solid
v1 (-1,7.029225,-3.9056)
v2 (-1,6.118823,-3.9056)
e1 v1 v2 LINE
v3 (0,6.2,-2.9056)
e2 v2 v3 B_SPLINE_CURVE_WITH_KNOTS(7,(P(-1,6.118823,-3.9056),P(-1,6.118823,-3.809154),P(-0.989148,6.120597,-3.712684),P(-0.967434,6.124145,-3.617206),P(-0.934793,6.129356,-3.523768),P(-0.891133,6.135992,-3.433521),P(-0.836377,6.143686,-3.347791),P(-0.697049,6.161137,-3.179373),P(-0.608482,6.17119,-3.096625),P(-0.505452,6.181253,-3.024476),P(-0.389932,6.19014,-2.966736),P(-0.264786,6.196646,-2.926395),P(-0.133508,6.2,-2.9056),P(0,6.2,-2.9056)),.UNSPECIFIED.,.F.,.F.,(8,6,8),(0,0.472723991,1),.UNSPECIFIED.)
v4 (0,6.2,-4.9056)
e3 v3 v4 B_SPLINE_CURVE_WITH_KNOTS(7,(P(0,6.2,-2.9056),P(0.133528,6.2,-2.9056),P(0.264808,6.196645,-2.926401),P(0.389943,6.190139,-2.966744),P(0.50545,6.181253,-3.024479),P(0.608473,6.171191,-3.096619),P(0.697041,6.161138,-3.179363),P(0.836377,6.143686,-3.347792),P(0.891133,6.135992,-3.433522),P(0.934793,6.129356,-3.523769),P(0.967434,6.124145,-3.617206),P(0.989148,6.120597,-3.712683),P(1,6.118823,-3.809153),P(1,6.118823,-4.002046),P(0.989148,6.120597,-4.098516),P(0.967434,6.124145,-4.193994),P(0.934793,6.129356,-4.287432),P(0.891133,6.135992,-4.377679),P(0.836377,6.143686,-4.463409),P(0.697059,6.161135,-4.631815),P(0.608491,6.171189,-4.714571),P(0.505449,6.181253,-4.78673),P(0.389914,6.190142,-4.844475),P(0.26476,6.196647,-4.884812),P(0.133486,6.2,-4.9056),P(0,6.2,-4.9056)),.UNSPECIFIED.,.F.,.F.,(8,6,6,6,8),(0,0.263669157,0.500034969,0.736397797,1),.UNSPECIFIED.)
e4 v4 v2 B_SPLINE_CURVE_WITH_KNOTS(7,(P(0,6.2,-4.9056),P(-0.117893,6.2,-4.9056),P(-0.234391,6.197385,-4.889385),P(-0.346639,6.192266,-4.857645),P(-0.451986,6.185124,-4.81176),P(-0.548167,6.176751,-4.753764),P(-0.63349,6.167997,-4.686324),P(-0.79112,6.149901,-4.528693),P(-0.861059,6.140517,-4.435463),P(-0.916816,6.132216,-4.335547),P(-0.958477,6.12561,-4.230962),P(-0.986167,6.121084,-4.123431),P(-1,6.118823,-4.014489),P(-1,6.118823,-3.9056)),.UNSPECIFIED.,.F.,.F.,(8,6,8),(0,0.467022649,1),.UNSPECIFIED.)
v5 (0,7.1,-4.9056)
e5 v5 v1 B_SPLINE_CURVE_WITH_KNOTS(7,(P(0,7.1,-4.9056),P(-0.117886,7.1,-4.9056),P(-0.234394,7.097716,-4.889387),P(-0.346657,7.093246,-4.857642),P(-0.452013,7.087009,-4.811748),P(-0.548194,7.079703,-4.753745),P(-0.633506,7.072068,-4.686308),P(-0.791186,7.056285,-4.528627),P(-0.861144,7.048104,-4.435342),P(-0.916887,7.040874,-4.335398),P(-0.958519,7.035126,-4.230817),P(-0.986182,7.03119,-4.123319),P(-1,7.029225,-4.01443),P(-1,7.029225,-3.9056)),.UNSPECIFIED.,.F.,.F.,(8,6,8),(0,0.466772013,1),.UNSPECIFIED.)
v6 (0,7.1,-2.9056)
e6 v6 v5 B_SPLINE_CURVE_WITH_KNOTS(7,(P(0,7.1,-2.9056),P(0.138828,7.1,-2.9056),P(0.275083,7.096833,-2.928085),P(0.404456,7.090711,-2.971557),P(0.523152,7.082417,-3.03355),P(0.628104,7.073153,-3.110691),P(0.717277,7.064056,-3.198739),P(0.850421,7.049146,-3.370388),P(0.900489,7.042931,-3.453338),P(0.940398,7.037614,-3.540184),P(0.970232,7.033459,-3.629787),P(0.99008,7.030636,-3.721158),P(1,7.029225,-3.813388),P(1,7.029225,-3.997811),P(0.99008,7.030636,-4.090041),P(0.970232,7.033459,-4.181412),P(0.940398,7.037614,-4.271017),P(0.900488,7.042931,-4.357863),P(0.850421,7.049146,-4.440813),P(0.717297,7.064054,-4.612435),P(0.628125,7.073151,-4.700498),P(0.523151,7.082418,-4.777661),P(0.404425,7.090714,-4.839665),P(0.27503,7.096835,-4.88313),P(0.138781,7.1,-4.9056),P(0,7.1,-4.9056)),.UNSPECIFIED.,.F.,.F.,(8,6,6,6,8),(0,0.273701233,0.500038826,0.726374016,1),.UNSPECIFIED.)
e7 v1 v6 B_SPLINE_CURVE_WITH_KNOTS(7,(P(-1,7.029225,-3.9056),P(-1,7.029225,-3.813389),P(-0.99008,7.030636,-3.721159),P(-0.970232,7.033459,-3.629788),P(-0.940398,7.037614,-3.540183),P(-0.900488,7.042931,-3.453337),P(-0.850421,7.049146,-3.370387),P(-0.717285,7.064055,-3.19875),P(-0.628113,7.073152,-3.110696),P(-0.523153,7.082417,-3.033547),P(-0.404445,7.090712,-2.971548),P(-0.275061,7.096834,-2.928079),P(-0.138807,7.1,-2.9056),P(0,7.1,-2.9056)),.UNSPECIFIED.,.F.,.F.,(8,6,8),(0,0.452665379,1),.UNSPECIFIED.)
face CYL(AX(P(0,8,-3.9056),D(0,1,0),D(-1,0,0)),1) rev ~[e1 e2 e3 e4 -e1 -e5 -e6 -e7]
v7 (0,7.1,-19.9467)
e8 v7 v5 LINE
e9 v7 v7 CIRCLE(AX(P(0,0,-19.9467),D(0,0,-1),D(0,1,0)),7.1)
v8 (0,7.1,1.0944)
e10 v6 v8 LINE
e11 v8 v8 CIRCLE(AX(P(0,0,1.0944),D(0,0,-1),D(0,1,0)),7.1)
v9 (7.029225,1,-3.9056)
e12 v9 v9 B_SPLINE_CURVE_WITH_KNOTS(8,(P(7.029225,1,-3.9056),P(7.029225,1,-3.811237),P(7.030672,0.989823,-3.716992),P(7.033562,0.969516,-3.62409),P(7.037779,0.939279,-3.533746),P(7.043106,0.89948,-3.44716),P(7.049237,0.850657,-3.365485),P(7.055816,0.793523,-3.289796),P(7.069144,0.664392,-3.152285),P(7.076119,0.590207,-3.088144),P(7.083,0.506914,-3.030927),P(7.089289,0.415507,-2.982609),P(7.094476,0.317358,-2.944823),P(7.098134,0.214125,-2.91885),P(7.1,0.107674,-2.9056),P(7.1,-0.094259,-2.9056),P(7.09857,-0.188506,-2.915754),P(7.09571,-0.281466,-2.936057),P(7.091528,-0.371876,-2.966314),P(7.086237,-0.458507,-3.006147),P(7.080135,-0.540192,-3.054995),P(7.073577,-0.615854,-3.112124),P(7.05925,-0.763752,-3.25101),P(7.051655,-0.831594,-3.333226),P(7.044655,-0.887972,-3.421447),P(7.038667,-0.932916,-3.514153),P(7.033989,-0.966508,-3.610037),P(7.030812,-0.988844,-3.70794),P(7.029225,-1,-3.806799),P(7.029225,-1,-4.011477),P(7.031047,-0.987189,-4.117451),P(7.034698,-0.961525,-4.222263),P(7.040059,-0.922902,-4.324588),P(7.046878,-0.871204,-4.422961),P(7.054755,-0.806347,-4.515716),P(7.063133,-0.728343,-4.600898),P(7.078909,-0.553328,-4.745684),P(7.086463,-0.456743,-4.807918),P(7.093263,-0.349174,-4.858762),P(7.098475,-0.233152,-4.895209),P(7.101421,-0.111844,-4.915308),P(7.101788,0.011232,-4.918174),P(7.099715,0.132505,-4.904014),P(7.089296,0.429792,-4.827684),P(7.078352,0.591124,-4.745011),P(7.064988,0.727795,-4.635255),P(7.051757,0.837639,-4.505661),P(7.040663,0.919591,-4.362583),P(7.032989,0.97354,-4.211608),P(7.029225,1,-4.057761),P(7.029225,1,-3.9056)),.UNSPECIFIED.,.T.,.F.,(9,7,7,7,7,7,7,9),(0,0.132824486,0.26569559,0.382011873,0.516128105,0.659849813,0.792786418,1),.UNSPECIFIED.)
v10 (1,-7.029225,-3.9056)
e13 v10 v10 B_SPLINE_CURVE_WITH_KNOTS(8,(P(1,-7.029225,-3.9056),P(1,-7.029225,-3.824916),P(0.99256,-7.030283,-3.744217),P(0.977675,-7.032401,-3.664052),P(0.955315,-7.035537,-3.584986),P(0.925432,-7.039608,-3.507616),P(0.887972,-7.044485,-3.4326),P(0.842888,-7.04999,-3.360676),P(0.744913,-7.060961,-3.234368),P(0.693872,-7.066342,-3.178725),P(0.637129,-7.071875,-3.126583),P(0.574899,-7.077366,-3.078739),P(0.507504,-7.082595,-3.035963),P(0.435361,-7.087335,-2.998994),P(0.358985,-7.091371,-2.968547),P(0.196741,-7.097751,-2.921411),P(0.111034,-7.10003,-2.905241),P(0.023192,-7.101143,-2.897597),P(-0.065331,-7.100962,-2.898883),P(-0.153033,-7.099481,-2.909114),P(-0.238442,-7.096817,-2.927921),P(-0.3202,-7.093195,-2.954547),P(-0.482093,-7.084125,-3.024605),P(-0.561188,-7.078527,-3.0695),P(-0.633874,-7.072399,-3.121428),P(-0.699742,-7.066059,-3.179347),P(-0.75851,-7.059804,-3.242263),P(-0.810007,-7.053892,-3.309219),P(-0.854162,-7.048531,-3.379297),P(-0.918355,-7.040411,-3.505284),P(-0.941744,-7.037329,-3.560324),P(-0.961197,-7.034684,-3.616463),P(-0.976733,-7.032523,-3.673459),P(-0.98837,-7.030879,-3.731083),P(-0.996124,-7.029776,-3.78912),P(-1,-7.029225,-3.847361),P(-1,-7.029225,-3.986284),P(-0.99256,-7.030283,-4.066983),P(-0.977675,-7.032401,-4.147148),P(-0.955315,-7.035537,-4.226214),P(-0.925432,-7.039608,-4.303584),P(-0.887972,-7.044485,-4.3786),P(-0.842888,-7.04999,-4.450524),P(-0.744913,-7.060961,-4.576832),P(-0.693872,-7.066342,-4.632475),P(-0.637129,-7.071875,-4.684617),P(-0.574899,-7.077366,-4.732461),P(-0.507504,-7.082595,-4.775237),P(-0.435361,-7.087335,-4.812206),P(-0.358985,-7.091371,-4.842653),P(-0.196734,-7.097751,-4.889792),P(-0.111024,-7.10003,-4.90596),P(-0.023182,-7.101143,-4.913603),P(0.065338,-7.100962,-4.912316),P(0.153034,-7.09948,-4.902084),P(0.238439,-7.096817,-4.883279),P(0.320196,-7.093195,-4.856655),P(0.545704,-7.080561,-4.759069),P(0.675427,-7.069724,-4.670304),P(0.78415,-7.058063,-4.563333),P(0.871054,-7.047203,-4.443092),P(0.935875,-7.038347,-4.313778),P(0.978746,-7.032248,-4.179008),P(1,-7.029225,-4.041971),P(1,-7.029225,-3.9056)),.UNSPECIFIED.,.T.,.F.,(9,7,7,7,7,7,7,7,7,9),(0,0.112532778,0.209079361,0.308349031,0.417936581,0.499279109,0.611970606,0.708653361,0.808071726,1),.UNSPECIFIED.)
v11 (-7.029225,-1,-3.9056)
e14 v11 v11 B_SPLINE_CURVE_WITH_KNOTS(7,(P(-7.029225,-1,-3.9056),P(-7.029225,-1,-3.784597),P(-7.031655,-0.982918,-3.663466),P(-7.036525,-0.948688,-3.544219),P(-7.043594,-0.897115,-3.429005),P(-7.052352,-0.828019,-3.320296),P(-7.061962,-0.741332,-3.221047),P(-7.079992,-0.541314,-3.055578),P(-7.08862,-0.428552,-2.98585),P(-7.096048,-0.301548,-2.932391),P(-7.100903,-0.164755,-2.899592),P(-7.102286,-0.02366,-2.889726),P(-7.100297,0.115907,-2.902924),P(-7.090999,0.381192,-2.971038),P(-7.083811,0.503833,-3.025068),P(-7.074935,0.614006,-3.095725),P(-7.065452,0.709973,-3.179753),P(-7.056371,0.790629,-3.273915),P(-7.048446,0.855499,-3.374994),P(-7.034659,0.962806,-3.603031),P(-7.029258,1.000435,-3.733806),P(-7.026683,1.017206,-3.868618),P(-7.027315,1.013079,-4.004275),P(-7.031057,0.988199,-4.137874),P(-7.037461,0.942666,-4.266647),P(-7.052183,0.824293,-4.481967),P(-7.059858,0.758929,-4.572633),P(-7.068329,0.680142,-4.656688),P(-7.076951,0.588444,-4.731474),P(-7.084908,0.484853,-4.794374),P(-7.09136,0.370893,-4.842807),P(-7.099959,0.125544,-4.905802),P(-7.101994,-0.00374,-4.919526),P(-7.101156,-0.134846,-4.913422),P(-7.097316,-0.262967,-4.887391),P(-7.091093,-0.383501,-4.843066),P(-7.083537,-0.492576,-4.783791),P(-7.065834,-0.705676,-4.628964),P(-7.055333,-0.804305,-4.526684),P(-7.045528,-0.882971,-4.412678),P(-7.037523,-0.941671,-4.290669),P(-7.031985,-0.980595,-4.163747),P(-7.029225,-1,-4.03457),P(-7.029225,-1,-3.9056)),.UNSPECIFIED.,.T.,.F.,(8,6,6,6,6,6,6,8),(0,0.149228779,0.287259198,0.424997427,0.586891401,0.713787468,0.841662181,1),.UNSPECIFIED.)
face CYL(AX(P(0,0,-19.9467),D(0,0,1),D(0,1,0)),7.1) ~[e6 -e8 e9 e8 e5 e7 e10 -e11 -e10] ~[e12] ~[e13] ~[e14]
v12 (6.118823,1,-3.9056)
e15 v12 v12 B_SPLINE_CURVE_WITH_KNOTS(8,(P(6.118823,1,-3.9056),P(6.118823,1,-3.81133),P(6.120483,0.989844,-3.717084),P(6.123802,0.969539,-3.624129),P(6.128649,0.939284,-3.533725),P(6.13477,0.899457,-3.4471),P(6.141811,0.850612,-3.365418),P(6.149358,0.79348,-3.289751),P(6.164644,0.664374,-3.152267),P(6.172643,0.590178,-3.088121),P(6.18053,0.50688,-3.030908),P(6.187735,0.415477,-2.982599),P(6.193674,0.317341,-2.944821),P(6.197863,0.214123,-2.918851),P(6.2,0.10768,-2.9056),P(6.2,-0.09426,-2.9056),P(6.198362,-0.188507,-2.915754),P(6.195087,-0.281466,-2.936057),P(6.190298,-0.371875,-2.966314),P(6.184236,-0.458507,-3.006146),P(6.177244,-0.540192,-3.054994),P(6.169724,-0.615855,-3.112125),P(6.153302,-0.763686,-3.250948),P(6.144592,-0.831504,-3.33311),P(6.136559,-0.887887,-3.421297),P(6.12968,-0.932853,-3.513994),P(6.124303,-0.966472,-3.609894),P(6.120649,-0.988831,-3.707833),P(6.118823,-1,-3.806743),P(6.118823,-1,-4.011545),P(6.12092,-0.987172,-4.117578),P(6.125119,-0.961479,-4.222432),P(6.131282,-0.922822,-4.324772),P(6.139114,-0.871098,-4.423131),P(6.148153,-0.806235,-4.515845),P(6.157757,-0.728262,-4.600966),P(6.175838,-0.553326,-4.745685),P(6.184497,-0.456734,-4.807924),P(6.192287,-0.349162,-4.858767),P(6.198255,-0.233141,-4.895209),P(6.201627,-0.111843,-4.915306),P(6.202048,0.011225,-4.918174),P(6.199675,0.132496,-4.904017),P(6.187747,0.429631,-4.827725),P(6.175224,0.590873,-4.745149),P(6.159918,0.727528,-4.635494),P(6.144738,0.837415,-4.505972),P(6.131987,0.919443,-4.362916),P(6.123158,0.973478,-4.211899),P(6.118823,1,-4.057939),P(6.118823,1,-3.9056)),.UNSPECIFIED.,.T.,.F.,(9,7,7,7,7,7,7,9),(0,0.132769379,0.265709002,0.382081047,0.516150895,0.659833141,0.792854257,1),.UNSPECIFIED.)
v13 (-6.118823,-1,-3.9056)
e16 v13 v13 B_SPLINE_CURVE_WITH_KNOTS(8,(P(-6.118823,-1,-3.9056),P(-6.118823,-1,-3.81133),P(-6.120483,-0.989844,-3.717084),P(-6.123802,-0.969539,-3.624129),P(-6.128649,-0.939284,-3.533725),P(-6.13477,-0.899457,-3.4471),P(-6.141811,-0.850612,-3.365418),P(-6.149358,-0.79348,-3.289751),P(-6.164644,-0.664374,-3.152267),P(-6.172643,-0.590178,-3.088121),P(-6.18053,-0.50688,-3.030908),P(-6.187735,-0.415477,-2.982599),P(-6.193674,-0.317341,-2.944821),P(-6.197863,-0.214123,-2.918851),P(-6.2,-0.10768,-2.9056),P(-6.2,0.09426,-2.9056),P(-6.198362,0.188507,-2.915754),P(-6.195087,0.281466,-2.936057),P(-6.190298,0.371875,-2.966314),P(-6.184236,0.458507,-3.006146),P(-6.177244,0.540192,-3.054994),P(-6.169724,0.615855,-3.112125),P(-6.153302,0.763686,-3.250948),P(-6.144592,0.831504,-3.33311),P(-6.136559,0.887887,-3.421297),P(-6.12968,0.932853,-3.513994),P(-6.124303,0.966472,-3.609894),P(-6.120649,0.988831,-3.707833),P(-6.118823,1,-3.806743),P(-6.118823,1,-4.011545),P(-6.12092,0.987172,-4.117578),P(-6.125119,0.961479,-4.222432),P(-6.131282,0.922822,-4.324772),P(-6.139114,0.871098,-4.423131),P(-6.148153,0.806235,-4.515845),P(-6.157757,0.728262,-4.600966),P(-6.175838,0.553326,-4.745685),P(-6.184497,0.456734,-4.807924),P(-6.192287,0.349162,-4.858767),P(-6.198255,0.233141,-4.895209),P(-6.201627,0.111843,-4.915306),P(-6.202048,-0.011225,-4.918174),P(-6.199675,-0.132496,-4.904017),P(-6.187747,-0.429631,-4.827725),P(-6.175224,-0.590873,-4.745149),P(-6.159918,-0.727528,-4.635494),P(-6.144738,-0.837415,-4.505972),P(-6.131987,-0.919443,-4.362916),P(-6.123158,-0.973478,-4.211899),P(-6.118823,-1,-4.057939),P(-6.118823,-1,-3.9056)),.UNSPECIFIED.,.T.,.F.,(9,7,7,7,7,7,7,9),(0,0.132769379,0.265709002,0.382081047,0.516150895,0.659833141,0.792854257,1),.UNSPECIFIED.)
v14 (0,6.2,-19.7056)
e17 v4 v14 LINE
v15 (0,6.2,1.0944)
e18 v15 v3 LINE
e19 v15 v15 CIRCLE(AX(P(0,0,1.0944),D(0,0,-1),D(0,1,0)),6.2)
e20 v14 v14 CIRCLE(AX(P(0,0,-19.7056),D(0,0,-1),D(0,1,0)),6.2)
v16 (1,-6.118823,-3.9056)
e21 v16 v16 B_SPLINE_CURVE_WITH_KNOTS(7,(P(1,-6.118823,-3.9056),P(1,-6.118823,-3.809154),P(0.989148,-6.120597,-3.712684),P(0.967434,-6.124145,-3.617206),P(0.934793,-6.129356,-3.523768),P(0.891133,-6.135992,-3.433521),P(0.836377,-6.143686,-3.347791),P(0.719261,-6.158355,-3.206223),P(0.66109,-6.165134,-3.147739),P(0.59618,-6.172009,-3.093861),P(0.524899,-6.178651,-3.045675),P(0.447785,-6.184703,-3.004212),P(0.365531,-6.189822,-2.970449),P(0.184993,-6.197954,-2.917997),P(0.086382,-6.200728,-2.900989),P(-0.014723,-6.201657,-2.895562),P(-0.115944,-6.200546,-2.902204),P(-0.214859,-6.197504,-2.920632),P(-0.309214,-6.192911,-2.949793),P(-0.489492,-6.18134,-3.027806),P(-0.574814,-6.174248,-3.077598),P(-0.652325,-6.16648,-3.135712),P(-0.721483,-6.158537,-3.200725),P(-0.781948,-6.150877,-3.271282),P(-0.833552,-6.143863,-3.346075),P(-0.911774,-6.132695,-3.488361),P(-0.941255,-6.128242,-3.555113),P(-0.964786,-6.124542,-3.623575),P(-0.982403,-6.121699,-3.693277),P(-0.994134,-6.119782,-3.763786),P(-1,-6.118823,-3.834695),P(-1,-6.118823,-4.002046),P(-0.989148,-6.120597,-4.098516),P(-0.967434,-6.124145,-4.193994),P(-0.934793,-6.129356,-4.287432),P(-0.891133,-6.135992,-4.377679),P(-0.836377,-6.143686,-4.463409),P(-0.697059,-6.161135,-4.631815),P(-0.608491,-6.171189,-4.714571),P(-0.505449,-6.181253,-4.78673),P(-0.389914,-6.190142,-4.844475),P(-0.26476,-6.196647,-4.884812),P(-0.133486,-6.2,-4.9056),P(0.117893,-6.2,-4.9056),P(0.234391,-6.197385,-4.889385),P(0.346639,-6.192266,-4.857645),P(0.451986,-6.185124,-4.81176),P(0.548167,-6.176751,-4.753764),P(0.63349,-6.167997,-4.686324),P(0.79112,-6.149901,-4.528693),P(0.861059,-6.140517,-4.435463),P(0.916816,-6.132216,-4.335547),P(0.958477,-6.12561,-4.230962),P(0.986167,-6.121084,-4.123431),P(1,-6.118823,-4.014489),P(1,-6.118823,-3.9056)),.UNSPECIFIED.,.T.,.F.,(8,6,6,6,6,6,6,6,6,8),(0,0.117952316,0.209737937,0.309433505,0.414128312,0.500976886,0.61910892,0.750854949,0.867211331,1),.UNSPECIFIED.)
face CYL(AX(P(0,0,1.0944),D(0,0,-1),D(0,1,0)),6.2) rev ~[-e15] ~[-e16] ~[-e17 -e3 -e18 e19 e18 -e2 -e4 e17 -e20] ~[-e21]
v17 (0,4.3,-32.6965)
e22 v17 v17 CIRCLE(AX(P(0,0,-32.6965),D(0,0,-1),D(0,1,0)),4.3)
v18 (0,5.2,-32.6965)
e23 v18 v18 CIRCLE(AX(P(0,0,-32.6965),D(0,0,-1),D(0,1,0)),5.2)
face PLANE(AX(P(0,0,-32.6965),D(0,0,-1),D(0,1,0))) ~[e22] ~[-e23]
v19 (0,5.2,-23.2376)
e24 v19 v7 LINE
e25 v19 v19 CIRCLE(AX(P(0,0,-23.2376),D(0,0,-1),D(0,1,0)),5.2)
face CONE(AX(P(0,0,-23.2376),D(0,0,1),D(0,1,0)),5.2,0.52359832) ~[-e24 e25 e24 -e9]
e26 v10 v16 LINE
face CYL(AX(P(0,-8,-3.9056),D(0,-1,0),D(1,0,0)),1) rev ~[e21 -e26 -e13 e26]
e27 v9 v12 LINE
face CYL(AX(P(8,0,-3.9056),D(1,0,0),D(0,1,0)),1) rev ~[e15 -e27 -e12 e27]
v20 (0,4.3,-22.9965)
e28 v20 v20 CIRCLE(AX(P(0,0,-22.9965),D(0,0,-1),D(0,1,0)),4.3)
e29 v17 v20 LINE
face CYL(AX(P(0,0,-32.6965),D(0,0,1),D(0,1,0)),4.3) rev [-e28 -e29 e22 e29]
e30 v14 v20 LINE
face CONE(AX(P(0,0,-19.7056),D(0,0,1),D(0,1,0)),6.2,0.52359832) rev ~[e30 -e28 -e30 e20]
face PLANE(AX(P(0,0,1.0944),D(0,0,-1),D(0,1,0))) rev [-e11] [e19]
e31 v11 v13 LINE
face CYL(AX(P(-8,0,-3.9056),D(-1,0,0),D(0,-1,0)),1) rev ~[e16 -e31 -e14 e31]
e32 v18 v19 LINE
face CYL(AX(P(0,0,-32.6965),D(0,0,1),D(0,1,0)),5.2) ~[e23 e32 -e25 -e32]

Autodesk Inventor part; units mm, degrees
ref_plane "XZ Plane" through (0, 0, 0) normal (0, 1, 0) x (-1, 0, 0)
ref_plane "XY Plane" through (0, 0, 0) normal (0, 0, 1) x (1, 0, 0)
sketch "Sketch1" plane through (0, 0, 0) normal (1, 0, 0) x (0, 1, 0)
  line L0 (6.2, 1.0944) -> (6.2, -19.7056)
  line L1 (4.3, -32.6965) -> (4.3, -22.9965)
  line L2 (6.2, -19.7056) -> (4.3, -22.9965)
  line L3 (7.1, -19.9467) -> (7.1, 1.0944)
  line L4 (5.2, -32.6965) -> (5.2, -23.2376)
  line L5 (5.2, -23.2376) -> (7.1, -19.9467)
  line L6 (6.2, 1.0944) -> (7.1, 1.0944)
  line L7 (4.3, -32.6965) -> (5.2, -32.6965)
  line L8 (0, 0) -> (0, -7.1245) construction
  dimension "d5" = 6.2
  dimension "d6" = 4.3
  dimension "d7" = 0.9
  dimension "d8" = 0.9
  dimension "d9" = 0.9
  dimension "d10" = 20.8
  dimension "d11" = 9.7
  dimension "d12" = 150
revolve "Revolution1" add sketch "Sketch1" angle 360 about axis through (0, 0, 0) along (0, 0, -1)
ref_plane "Work Plane1" through (8, 0, 0) normal (1, 0, 0) x (0, 1, 0)
sketch "Sketch2" plane through (8, 0, 0) normal (1, 0, 0) x (0, 1, 0)
  line L0 (0, 1.0944) -> (0, -3.9056) construction
  circle A0 centre (0, -3.9056) radius 1
  point P0 (0, 0)
  dimension "d15" = 5
  dimension "d16" = 2
extrude "Extrusion1" cut sketch "Sketch2" against normal blind 10
pattern_circular "Circular Pattern1" count 4 over 360 about axis through (0, 0, -21.351) along (0, 0, -1) of "Extrusion1"
properties part number "fuel"
